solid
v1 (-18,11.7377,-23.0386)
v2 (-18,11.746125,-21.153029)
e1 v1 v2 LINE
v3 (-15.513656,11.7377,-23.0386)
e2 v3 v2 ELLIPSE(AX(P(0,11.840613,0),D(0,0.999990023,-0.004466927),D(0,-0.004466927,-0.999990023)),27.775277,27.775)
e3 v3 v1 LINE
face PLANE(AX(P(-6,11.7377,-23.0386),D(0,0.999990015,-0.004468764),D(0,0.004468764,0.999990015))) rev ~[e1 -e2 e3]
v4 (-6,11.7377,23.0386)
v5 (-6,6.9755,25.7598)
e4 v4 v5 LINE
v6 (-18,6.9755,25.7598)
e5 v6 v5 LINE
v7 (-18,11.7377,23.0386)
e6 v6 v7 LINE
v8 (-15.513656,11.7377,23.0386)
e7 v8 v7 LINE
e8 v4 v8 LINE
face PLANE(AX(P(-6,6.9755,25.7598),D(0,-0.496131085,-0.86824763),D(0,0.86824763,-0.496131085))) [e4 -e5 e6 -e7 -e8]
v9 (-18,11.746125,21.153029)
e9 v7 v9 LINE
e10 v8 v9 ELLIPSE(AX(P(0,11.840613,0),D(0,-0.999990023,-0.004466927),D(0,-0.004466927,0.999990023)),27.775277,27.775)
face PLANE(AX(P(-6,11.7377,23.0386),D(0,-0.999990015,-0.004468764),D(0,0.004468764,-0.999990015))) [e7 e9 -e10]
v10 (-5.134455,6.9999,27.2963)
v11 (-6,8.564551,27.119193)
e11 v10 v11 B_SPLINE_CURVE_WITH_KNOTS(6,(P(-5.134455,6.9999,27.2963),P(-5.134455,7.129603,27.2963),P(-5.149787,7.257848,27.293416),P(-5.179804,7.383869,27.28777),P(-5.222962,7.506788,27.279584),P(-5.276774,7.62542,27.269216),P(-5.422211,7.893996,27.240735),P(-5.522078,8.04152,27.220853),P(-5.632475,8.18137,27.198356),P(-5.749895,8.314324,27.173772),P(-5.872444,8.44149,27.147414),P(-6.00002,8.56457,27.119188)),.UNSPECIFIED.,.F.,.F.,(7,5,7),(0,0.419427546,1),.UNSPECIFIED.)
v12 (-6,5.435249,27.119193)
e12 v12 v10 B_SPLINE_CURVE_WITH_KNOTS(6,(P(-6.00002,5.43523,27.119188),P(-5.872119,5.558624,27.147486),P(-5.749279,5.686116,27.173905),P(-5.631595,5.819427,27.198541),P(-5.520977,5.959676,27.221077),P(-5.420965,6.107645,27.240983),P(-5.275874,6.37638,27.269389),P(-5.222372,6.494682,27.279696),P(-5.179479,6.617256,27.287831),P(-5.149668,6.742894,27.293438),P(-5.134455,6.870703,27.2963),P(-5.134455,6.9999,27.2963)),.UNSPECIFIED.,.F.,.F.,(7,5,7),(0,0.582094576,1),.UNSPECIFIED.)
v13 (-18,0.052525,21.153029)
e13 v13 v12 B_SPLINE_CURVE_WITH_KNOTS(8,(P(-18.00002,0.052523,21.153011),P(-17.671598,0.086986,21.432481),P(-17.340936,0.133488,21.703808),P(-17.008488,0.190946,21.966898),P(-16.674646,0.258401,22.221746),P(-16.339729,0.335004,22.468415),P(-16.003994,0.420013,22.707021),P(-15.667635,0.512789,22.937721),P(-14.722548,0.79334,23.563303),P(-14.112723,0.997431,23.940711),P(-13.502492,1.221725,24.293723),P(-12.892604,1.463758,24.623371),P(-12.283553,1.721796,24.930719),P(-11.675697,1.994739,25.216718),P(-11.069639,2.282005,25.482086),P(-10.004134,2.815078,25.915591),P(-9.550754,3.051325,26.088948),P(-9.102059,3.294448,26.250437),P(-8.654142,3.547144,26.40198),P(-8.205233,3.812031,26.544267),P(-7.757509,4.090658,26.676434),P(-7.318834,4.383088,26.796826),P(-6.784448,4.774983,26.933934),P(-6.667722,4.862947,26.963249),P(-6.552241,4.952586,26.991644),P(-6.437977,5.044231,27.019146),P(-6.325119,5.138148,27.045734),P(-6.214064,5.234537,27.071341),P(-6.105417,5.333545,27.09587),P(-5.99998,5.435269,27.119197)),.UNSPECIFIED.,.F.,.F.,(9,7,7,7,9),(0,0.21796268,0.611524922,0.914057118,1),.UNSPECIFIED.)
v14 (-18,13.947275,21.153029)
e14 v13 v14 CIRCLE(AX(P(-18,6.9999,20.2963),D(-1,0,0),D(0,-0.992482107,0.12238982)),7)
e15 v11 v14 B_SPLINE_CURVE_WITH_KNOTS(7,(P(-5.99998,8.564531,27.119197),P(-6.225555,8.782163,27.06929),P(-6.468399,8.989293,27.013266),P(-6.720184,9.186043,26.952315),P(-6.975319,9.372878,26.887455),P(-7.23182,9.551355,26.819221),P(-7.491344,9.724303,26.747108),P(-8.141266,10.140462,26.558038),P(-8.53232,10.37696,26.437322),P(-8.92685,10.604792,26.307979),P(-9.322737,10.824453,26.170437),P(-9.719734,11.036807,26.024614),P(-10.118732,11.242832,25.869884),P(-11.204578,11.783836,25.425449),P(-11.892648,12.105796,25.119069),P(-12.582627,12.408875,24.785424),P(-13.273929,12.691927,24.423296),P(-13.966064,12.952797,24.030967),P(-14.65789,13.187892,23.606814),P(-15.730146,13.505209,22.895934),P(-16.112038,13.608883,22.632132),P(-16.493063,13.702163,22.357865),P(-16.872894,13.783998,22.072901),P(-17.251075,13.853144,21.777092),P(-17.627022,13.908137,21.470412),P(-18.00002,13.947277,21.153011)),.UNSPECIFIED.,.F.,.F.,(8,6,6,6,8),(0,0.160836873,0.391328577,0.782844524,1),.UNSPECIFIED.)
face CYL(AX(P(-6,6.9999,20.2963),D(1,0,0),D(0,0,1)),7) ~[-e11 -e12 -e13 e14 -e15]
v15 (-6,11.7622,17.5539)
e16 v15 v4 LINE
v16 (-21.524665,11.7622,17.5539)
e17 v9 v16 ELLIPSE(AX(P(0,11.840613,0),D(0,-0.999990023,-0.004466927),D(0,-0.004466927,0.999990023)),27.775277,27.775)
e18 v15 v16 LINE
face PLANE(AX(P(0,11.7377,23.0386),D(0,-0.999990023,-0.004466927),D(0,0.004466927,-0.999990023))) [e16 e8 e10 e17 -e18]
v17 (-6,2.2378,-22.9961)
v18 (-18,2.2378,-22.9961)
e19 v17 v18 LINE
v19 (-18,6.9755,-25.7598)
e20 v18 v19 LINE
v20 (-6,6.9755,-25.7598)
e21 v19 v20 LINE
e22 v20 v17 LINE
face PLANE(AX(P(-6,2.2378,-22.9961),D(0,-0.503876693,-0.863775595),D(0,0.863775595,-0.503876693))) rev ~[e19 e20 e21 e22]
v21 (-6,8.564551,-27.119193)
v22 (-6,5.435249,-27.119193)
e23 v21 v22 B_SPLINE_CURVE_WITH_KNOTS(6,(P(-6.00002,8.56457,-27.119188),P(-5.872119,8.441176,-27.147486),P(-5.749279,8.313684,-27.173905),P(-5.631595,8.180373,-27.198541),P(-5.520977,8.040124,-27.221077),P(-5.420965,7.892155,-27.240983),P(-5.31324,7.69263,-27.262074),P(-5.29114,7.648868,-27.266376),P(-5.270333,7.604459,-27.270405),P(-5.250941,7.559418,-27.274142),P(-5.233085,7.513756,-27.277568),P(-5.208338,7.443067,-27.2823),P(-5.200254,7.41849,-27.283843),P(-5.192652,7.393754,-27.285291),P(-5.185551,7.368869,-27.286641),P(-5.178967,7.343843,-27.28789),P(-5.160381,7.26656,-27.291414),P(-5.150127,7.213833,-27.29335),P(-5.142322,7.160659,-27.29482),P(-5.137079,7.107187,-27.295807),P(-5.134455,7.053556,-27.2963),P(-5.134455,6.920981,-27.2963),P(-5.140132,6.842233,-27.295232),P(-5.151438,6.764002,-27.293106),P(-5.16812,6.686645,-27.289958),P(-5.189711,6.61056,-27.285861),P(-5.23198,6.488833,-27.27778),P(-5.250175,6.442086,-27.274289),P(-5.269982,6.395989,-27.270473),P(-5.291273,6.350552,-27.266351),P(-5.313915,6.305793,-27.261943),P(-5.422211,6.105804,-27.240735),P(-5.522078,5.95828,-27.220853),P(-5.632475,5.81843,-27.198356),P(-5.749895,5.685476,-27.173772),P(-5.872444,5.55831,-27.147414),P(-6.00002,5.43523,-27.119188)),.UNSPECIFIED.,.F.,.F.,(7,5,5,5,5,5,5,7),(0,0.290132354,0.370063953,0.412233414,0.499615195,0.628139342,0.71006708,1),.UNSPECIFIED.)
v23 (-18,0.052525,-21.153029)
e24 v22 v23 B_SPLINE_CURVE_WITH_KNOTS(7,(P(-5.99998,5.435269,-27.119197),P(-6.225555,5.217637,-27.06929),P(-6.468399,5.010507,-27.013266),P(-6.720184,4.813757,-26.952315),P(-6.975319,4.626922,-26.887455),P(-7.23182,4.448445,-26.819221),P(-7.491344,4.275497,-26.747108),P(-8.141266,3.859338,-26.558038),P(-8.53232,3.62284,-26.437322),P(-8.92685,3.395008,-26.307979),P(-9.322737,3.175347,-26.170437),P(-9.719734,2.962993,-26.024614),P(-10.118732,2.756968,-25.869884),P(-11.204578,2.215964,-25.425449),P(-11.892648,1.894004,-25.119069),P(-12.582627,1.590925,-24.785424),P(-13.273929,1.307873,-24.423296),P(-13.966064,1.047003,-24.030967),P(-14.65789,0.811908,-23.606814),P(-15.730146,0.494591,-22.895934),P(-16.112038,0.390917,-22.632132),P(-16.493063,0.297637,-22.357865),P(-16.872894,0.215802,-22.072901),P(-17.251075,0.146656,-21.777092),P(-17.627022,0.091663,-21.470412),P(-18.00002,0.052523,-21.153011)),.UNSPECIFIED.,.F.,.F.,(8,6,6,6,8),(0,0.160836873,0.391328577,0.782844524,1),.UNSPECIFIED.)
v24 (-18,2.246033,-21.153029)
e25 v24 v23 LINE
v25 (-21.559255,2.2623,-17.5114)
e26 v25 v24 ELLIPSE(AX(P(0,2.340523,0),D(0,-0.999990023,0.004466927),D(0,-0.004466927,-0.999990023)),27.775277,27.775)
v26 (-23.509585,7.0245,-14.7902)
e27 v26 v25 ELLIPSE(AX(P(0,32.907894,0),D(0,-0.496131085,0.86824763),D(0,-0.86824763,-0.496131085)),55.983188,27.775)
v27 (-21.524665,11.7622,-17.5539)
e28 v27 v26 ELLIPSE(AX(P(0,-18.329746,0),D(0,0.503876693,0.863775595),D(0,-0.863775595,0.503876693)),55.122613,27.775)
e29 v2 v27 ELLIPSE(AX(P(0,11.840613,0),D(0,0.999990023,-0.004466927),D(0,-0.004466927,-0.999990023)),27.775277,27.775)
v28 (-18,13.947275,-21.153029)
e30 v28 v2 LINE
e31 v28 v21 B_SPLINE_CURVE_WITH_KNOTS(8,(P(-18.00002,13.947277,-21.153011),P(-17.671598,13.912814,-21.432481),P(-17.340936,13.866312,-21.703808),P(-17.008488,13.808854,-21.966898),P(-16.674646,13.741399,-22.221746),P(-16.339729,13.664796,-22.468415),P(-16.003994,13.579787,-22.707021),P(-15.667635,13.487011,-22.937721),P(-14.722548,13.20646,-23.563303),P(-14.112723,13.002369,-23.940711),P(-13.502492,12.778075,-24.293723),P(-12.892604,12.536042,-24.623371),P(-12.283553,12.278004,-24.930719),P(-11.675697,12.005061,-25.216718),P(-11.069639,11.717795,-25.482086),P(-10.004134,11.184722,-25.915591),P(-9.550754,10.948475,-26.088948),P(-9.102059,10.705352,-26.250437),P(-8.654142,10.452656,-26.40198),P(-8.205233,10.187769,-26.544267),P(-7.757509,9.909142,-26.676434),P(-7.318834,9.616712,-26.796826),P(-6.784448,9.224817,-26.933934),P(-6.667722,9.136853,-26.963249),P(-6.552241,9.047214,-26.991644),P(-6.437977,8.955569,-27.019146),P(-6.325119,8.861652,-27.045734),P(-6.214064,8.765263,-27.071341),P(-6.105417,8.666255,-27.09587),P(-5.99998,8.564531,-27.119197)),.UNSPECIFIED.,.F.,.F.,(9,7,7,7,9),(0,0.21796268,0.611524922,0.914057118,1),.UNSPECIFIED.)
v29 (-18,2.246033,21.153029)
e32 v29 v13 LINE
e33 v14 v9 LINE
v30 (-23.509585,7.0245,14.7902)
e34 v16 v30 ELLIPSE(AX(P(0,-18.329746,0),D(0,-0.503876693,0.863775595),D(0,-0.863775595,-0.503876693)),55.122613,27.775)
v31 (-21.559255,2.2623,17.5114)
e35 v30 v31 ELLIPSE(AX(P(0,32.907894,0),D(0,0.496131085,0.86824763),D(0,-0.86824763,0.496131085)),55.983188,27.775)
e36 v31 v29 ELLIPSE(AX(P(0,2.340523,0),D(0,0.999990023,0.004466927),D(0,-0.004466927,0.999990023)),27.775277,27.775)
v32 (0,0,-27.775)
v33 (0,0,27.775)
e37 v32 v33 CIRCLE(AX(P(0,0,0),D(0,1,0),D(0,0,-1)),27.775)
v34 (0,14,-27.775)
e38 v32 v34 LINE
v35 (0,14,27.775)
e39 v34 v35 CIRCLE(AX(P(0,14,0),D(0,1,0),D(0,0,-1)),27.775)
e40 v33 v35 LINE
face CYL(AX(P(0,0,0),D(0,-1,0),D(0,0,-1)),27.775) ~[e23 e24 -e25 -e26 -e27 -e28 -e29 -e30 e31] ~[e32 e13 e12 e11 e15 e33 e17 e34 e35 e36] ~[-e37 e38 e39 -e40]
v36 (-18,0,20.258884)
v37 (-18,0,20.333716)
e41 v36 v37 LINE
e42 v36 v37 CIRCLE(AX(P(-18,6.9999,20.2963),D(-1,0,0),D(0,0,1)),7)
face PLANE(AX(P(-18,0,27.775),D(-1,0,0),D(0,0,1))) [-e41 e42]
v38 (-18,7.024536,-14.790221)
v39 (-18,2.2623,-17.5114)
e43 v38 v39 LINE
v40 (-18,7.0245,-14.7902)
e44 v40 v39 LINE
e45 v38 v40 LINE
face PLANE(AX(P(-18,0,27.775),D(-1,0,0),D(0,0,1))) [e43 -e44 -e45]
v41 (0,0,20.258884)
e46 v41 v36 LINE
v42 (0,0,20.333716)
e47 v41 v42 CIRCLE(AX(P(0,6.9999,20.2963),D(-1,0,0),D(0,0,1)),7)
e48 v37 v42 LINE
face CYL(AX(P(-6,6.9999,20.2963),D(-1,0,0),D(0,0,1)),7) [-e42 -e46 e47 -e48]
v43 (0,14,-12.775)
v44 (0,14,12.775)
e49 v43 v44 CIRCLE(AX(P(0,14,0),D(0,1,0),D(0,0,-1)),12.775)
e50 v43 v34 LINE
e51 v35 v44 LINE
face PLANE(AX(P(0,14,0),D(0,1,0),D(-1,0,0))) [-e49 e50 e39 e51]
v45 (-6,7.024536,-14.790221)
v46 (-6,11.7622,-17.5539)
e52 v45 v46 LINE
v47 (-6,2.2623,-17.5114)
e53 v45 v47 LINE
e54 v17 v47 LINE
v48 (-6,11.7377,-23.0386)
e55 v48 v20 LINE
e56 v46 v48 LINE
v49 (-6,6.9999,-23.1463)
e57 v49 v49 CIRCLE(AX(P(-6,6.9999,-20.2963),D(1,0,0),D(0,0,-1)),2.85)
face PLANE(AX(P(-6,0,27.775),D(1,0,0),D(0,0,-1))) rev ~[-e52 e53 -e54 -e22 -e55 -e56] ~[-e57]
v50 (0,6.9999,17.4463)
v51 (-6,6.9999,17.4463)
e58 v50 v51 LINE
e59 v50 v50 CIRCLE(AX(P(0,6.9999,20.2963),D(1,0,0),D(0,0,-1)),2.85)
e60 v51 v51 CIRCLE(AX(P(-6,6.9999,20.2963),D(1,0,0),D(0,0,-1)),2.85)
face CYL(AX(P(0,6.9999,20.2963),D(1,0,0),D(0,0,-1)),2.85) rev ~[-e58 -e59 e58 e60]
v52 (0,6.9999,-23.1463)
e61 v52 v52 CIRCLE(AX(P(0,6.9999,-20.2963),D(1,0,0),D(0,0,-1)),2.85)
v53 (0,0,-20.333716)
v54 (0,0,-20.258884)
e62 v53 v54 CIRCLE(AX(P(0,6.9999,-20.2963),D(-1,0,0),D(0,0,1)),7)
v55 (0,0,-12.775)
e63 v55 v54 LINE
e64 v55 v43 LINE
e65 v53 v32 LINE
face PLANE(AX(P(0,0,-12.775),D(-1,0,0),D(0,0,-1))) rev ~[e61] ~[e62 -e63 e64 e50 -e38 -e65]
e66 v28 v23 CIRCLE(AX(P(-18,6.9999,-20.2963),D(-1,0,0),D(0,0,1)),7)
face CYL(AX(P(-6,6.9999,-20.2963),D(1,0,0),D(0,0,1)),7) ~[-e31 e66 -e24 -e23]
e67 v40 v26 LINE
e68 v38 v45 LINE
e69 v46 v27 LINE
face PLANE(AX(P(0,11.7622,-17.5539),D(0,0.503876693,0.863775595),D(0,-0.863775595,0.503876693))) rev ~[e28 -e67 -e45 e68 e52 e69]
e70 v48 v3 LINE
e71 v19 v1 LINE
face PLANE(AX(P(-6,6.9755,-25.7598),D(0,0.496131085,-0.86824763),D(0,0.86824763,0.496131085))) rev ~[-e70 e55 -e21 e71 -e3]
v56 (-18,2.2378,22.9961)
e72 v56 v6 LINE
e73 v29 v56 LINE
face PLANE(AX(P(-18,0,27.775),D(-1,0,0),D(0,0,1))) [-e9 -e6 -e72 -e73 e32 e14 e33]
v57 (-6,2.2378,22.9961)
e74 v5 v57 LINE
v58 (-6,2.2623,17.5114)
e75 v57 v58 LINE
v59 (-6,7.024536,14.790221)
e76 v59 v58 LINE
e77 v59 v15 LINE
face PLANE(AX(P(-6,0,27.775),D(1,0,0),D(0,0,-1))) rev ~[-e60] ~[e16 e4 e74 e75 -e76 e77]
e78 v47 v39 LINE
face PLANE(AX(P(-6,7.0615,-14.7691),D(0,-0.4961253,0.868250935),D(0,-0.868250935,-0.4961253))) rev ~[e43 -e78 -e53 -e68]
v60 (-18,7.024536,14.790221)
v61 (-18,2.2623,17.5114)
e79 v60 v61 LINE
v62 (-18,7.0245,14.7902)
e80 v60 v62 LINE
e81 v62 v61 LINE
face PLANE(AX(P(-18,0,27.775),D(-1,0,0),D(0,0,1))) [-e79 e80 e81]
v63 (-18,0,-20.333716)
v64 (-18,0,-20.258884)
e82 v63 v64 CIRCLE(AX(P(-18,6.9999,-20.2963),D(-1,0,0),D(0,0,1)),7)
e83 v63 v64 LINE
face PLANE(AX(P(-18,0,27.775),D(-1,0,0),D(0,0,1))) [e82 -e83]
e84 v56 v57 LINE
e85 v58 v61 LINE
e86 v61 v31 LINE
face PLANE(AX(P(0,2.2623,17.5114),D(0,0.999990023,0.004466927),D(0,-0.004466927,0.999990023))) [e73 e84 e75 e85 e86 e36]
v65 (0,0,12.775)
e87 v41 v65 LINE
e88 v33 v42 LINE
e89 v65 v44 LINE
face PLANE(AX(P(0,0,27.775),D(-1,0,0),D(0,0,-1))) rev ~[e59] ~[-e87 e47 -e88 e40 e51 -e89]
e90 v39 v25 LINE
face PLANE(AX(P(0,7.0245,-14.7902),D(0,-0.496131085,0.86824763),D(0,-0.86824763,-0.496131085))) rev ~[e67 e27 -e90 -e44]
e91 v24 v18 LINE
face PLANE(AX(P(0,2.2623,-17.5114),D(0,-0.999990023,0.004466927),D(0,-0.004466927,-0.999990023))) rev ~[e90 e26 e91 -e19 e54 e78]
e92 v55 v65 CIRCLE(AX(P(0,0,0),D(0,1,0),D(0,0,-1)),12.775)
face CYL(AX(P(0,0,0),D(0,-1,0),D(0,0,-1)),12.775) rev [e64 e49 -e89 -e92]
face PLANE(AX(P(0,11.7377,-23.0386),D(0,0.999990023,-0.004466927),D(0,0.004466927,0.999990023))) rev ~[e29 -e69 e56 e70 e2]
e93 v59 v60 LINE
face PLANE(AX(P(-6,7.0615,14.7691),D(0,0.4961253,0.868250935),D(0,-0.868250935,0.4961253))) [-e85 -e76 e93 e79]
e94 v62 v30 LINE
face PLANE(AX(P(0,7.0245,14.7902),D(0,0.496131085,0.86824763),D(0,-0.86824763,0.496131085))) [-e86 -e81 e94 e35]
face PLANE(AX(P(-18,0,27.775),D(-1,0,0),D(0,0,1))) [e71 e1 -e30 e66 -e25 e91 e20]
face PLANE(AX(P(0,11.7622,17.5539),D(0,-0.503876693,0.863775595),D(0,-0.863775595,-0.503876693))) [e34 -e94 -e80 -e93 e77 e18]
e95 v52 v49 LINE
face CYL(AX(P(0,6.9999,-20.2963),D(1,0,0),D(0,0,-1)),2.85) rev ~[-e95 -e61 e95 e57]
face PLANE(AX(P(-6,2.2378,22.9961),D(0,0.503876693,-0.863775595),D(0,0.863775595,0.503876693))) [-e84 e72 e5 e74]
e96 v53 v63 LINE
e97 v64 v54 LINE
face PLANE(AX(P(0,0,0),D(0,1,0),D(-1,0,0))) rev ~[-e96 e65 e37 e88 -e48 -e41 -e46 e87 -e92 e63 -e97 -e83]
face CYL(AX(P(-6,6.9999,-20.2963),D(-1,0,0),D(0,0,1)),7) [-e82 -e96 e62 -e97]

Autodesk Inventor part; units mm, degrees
ref_plane "YZ Plane" through (0, 0, 0) normal (1, 0, 0) x (0, 1, 0)
ref_plane "XZ Plane" through (0, 0, 0) normal (0, 1, 0) x (-1, 0, 0)
ref_plane "XY Plane" through (0, 0, 0) normal (0, 0, 1) x (1, 0, 0)
sketch "Sketch1" plane through (0, 0, 0) normal (0, 1, 0) x (-1, 0, 0)
  point P0 (0, 0)
sketch "Sketch2" plane through (0, 0, 0) normal (0, 1, 0) x (-1, 0, 0)
  arc A0 (0, -12.775) -> (0, 12.775) centre (0, 0) ccw
  arc A1 (0, -27.775) -> (0, 27.775) centre (0, 0) ccw
  line L0 (0, 27.775) -> (0, -27.775)
  dimension "d0" = 25.55
  dimension "d1" = 15
extrude "Extrusion1" add sketch "Sketch2" along normal blind 14 contours A0 L0 A1
sketch "Sketch4" plane through (0, 0, 27.775) normal (1, 0, 0) x (0, 0, -1)
  line L0 (4.7364, 11.7377) -> (10.2211, 11.7622)
  line L1 (10.2211, 11.7622) -> (12.9848, 7.0245)
  line L2 (12.9848, 7.0245) -> (10.2636, 2.2623)
  line L3 (10.2636, 2.2623) -> (4.7789, 2.2378)
  line L4 (4.7789, 2.2378) -> (2.0152, 6.9755)
  line L5 (2.0152, 6.9755) -> (4.7364, 11.7377)
  line L6 (0, 14) -> (15, 14) projected
  line L7 (0, 0) -> (0, 14) projected
  line L8 (15, 14) -> (40.55, 14) projected
  line L9 (27.775, 14) -> (27.775, 0)
  line L10 (50.8136, 11.7377) -> (45.3289, 11.7622)
  line L11 (45.3289, 11.7622) -> (42.5652, 7.0245)
  line L12 (42.5652, 7.0245) -> (45.2864, 2.2623)
  line L13 (45.2864, 2.2623) -> (50.7711, 2.2378)
  line L14 (50.7711, 2.2378) -> (53.5348, 6.9755)
  line L15 (53.5348, 6.9755) -> (50.8136, 11.7377)
  line L16 (55.55, 14) -> (40.55, 14)
  line L17 (55.55, 0) -> (55.55, 14)
  line L18 (40.55, 14) -> (15, 14)
  point P0 (7.5, 7)
  point P1 (7.4787, 11.75)
  point P2 (7.5, 14)
  point P3 (0, 7)
  point P4 (48.05, 7)
  point P5 (48.0713, 11.75)
  point P6 (48.05, 14)
  point P7 (55.55, 7)
  dimension "d5" = 9.5
  dimension "d6" = 0
  dimension "d7" = 0
extrude "Extrusion2" cut sketch "Sketch4" against normal through all
sketch "Sketch5" plane through (0, 0, 27.775) normal (1, 0, 0) x (0, 0, -1)
  line L0 (4.7364, 11.7377) -> (10.2211, 11.7622) projected
  circle A0 centre (7.4787, 6.9999) radius 2.85
  line L1 (0.8522, 11.9261) -> (14.3606, 11.9261)
  line L2 (14.3606, 11.9261) -> (14.3606, 2.2036)
  line L3 (14.3606, 2.2036) -> (0.8522, 2.2036)
  line L4 (0.8522, 2.2036) -> (0.8522, 11.9261)
  line L5 (10.2636, 2.2623) -> (4.7789, 2.2378) projected
  line L6 (55.55, 14) -> (0, 14) projected
  line L7 (27.775, 14) -> (27.775, 0)
  line L8 (55.55, 0) -> (0, 0) projected
  line L9 (50.8136, 11.7377) -> (45.3289, 11.7622)
  circle A1 centre (48.0713, 6.9999) radius 2.85
  line L10 (54.6978, 11.9261) -> (41.1894, 11.9261)
  line L11 (41.1894, 11.9261) -> (41.1894, 2.2036)
  line L12 (41.1894, 2.2036) -> (54.6978, 2.2036)
  line L13 (54.6978, 2.2036) -> (54.6978, 11.9261)
  line L14 (45.2864, 2.2623) -> (50.7711, 2.2378)
  point P0 (7.4787, 11.75)
  point P1 (7.4787, 11.75)
  point P2 (48.0713, 11.75)
  point P3 (48.0713, 11.75)
  dimension "d12" = 5.7
  dimension "d13" = 0
  dimension "d14" = 4.75
extrude "Extrusion3" add sketch "Sketch5" against normal blind 6
sketch "Sketch6" plane through (-6, 0, 27.775) normal (-1, 0, 0) x (0, 0, 1)
  line L0 (-27.775, 0) -> (-27.775, 14)
  line L1 (-40.55, 14) -> (-15, 14) projected
  line L2 (-10.2636, 2.2623) -> (-4.7789, 2.2378) projected
  line L3 (-10.2636, 2.2623) -> (-4.7789, 2.2378)
  line L4 (-4.7789, 2.2378) -> (-2.0152, 6.9755) projected
  line L5 (-4.7789, 2.2378) -> (-2.0152, 6.9755)
  line L6 (-2.0152, 6.9755) -> (-4.7364, 11.7377) projected
  line L7 (-2.0152, 6.9755) -> (-4.7364, 11.7377)
  line L8 (-4.7364, 11.7377) -> (-10.2636, 11.7624)
  line L9 (-10.2636, 11.7624) -> (-13.0059, 7.0615)
  line L10 (-13.0059, 7.0615) -> (-10.2636, 2.2623)
  circle A0 centre (-7.4787, 6.9999) radius 2.85 projected
  circle A1 centre (-7.4787, 6.9999) radius 7
  line L11 (-45.2864, 2.2623) -> (-50.7711, 2.2378)
  line L12 (-45.2864, 2.2623) -> (-50.7711, 2.2378)
  line L13 (-50.7711, 2.2378) -> (-53.5348, 6.9755)
  line L14 (-50.7711, 2.2378) -> (-53.5348, 6.9755)
  line L15 (-53.5348, 6.9755) -> (-50.8136, 11.7377)
  line L16 (-53.5348, 6.9755) -> (-50.8136, 11.7377)
  line L17 (-50.8136, 11.7377) -> (-45.2864, 11.7624)
  line L18 (-45.2864, 11.7624) -> (-42.5441, 7.0615)
  line L19 (-42.5441, 7.0615) -> (-45.2864, 2.2623)
  circle A2 centre (-48.0713, 6.9999) radius 2.85
  circle A3 centre (-48.0713, 6.9999) radius 7
  dimension "d17" = 14
extrude "Extrusion4" add sketch "Sketch6" along normal blind 12 and the other way blind 6 contours A1 | A3
properties part number "clamp_bolt"
